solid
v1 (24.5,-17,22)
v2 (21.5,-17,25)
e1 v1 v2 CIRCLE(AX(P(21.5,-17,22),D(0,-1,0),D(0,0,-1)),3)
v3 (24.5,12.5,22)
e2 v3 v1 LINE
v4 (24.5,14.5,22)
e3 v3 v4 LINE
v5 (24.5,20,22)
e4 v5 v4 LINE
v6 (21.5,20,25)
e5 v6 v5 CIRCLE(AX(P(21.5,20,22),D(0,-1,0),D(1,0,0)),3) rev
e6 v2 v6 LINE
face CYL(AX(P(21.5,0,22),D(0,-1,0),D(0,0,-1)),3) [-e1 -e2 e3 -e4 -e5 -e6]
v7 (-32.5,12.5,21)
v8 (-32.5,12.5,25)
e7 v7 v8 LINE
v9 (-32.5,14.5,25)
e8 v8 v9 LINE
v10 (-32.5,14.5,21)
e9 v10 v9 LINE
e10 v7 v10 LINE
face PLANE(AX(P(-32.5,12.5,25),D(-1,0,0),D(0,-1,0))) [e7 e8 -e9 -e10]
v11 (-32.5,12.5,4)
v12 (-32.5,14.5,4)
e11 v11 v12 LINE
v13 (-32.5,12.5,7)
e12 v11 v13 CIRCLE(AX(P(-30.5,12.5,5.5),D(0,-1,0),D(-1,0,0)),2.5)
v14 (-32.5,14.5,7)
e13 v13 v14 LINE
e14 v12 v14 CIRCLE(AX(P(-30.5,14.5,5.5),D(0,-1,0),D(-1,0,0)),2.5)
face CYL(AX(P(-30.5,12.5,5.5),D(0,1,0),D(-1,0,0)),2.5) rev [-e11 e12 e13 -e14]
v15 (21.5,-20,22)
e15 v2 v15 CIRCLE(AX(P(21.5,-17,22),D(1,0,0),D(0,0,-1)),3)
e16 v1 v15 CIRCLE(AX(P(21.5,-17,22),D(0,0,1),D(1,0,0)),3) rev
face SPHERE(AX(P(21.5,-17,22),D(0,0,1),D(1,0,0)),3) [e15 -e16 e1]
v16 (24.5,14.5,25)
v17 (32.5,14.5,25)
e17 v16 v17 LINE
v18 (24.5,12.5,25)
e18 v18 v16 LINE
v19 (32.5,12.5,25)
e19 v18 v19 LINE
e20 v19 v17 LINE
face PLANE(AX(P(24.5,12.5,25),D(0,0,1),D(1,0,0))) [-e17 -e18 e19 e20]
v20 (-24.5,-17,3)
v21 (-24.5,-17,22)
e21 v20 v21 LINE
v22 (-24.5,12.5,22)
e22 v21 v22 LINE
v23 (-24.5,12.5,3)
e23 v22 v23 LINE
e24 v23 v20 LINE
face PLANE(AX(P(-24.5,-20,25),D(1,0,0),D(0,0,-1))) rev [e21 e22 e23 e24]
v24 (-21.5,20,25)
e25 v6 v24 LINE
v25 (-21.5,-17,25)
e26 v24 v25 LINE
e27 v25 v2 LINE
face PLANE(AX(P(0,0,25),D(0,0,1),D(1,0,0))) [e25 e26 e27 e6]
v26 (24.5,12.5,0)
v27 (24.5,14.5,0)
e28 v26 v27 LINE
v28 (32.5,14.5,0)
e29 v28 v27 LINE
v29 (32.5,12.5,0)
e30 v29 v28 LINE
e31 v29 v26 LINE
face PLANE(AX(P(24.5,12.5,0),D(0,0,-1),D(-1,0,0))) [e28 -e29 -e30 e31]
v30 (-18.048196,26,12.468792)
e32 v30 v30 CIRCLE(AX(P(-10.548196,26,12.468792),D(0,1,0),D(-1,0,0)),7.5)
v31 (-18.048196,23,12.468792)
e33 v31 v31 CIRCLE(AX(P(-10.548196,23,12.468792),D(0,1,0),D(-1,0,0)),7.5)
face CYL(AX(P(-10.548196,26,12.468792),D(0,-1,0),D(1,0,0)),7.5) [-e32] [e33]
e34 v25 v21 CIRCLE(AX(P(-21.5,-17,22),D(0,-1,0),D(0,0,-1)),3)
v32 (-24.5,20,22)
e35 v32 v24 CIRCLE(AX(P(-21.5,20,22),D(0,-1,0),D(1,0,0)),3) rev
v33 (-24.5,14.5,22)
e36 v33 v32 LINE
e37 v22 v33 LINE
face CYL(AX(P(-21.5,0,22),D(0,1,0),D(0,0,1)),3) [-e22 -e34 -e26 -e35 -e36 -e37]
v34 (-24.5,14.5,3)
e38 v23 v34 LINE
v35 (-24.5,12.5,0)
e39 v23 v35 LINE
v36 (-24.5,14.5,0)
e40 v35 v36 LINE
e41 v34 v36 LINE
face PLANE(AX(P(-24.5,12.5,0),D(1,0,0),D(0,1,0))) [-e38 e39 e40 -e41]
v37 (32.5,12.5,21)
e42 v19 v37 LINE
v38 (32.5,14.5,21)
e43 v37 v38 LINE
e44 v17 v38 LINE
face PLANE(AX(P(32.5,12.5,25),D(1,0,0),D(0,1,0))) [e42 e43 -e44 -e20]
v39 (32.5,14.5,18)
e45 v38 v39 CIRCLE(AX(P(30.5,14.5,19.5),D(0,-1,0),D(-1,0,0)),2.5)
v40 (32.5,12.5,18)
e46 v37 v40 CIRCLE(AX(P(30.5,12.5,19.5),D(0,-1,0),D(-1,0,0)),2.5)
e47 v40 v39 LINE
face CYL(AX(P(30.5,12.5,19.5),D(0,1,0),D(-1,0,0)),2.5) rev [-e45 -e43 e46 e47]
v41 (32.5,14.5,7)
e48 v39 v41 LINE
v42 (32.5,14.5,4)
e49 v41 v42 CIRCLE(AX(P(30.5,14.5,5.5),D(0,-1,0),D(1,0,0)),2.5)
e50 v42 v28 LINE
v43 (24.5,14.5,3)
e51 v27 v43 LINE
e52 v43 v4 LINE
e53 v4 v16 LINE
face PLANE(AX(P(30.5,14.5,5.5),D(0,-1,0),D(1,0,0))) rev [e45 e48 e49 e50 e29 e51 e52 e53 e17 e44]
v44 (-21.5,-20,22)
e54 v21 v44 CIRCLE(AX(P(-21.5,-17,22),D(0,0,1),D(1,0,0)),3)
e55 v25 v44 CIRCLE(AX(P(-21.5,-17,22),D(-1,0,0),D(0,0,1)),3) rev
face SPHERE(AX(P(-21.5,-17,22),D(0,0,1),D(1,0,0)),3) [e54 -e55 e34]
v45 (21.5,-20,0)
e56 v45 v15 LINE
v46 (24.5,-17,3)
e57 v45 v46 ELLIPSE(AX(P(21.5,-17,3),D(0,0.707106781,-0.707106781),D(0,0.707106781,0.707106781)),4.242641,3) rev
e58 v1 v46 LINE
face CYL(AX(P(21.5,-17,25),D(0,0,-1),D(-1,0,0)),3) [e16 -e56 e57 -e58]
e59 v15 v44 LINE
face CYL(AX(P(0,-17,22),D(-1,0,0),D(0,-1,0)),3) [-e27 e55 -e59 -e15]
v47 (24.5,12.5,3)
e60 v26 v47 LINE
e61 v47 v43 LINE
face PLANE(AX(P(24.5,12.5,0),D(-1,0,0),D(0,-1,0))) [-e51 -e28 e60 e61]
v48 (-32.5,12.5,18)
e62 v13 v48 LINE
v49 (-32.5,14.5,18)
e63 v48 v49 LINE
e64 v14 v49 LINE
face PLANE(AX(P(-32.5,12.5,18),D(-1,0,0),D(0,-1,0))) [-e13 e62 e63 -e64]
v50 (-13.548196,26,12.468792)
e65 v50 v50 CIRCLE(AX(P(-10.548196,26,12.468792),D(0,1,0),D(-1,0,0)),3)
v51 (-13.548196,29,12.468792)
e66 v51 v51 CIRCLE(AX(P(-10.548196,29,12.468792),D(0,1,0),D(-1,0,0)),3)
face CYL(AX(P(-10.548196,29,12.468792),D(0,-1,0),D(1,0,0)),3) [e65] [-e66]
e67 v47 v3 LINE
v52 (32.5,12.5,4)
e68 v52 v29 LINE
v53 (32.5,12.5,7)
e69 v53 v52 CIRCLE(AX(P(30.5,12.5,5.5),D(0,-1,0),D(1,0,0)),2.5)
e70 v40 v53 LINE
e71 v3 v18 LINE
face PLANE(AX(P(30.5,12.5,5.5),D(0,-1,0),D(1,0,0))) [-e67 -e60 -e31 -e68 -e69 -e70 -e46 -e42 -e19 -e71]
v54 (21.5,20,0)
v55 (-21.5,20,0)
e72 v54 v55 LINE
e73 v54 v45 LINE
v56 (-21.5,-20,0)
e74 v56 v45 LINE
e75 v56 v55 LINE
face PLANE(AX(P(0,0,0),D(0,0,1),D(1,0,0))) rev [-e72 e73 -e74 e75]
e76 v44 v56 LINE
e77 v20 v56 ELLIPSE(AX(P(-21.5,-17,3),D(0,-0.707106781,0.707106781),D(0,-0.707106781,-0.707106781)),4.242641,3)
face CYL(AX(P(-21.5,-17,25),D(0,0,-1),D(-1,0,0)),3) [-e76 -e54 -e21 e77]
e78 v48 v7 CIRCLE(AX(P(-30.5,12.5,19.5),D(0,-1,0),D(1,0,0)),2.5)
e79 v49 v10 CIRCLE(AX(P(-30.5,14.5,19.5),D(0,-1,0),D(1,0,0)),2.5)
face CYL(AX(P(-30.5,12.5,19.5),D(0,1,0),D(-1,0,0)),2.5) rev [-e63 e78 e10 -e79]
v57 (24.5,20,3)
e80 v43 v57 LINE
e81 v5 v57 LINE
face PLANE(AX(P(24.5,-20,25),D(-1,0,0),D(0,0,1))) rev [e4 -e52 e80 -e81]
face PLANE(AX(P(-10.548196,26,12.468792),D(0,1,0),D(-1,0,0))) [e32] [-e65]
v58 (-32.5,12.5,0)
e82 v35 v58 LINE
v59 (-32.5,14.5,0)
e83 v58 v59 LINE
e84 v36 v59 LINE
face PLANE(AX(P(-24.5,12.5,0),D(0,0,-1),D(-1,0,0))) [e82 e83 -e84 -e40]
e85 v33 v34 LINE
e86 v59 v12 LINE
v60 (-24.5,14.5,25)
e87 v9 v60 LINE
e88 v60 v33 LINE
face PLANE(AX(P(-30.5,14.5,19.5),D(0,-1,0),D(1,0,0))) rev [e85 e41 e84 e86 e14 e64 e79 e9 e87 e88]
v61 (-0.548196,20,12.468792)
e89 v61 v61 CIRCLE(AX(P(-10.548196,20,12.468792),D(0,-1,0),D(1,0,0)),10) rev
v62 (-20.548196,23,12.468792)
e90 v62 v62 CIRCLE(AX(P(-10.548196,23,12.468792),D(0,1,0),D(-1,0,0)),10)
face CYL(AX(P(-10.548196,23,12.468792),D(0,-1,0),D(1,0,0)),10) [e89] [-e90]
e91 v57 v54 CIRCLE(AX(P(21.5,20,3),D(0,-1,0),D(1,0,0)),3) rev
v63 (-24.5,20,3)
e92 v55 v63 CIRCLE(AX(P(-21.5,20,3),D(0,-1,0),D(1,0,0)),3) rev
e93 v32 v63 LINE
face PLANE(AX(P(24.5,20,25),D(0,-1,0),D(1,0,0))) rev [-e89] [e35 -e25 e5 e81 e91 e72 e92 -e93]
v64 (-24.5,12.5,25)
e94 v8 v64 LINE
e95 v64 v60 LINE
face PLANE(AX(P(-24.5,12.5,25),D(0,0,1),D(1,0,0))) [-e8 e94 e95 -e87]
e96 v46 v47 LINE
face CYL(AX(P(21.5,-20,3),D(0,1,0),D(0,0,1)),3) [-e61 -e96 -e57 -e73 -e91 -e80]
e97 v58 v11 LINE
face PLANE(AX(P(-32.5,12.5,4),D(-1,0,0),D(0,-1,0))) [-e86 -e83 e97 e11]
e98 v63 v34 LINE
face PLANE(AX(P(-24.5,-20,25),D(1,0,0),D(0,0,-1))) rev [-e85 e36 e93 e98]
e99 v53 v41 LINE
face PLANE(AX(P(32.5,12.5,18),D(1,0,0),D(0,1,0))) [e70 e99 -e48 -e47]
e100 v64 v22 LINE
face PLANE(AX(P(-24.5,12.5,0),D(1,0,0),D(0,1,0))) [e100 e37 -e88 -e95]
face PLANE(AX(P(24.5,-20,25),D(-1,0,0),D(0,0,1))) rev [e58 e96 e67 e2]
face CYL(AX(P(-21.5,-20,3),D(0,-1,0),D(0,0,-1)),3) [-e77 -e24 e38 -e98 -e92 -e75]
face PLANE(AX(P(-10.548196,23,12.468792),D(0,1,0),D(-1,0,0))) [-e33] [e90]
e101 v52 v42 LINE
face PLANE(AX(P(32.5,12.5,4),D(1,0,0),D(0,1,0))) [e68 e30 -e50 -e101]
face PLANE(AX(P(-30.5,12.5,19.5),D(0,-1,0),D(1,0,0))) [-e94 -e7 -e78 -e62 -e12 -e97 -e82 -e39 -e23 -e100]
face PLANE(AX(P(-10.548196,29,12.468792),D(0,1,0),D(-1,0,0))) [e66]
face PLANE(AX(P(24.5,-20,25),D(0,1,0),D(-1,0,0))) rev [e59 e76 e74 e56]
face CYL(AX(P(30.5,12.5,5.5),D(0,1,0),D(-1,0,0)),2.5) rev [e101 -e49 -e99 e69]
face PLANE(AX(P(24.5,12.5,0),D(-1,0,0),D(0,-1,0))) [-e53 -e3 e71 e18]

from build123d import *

# Parameters (mm, degrees)
SKETCH1_W           = 49
SKETCH1_H           = 40
BOSS_EXTRUDE1_DEPTH = 25
SKETCH4_R           = 10
BOSS_EXTRUDE2_DEPTH = 3
SKETCH5_R           = 7.5
BOSS_EXTRUDE3_DEPTH = 3
SKETCH6_R           = 3
BOSS_EXTRUDE4_DEPTH = 3
FILLET1_R           = 3
BOSS_EXTRUDE5_DEPTH = 2


with BuildPart() as part:
    # Sketch1 → Boss-Extrude1 (new body)
    with BuildSketch(Plane.XY):
        Rectangle(SKETCH1_W, SKETCH1_H)
    extrude(amount=BOSS_EXTRUDE1_DEPTH)

    # Sketch4 → Boss-Extrude2 (add)
    with BuildSketch(Plane(origin=(0, 20, 0), x_dir=(1, 0, 0), z_dir=(0, 1, 0))):
        with Locations((-10.548196044, -12.468792319)):
            Circle(SKETCH4_R)
    extrude(amount=BOSS_EXTRUDE2_DEPTH)

    # Sketch5 → Boss-Extrude3 (add)
    with BuildSketch(Plane(origin=(0, 23, 0), x_dir=(1, 0, 0), z_dir=(0, 1, 0))):
        with Locations((-10.548196044, -12.468792319)):
            Circle(SKETCH5_R)
    extrude(amount=BOSS_EXTRUDE3_DEPTH)

    # Sketch6 → Boss-Extrude4 (add)
    with BuildSketch(Plane(origin=(0, 26, 0), x_dir=(1, 0, 0), z_dir=(0, 1, 0))):
        with Locations((-10.548196044, -12.468792319)):
            Circle(SKETCH6_R)
    extrude(amount=BOSS_EXTRUDE4_DEPTH)

    # Fillet1
    fillet1_edges = [part.edges().sort_by_distance(p)[0] for p in [
        (24.5, 0, 25),
        (-24.5, 0, 25),
        (24.5, 0, 0),
        (-24.5, 0, 0),
        (0, -20, 25),
        (24.5, -20, 12.5),
        (-24.5, -20, 12.5),
    ]]
    fillet(fillet1_edges, radius=FILLET1_R)

    # Sketch7 → Boss-Extrude5 (add)
    with BuildSketch(Plane(origin=(0, 14.5, 0), x_dir=(1, 0, 0), z_dir=(0, 1, 0))):
        with BuildLine():
            Line((-24.5, 0), (-32.5, 0))
            Line((-32.5, 0), (-32.5, -4))
            ThreePointArc((-32.5, -4), (-28, -5.5), (-32.5, -7))
            Line((-32.5, -7), (-32.5, -18))
            ThreePointArc((-32.5, -18), (-28, -19.5), (-32.5, -21))
            Line((-32.5, -21), (-32.5, -25))
            Line((-32.5, -25), (-24.5, -25))
            Line((-24.5, -25), (-24.5, 0))
        make_face()
        with BuildLine():
            Line((24.5, 0), (24.5, -25))
            Line((24.5, -25), (32.5, -25))
            Line((32.5, -25), (32.5, -21))
            ThreePointArc((32.5, -21), (28, -19.5), (32.5, -18))
            Line((32.5, -18), (32.5, -7))
            ThreePointArc((32.5, -7), (28, -5.5), (32.5, -4))
            Line((32.5, -4), (32.5, 0))
            Line((32.5, 0), (24.5, 0))
        make_face()
    extrude(amount=-BOSS_EXTRUDE5_DEPTH)


solid = part.part
